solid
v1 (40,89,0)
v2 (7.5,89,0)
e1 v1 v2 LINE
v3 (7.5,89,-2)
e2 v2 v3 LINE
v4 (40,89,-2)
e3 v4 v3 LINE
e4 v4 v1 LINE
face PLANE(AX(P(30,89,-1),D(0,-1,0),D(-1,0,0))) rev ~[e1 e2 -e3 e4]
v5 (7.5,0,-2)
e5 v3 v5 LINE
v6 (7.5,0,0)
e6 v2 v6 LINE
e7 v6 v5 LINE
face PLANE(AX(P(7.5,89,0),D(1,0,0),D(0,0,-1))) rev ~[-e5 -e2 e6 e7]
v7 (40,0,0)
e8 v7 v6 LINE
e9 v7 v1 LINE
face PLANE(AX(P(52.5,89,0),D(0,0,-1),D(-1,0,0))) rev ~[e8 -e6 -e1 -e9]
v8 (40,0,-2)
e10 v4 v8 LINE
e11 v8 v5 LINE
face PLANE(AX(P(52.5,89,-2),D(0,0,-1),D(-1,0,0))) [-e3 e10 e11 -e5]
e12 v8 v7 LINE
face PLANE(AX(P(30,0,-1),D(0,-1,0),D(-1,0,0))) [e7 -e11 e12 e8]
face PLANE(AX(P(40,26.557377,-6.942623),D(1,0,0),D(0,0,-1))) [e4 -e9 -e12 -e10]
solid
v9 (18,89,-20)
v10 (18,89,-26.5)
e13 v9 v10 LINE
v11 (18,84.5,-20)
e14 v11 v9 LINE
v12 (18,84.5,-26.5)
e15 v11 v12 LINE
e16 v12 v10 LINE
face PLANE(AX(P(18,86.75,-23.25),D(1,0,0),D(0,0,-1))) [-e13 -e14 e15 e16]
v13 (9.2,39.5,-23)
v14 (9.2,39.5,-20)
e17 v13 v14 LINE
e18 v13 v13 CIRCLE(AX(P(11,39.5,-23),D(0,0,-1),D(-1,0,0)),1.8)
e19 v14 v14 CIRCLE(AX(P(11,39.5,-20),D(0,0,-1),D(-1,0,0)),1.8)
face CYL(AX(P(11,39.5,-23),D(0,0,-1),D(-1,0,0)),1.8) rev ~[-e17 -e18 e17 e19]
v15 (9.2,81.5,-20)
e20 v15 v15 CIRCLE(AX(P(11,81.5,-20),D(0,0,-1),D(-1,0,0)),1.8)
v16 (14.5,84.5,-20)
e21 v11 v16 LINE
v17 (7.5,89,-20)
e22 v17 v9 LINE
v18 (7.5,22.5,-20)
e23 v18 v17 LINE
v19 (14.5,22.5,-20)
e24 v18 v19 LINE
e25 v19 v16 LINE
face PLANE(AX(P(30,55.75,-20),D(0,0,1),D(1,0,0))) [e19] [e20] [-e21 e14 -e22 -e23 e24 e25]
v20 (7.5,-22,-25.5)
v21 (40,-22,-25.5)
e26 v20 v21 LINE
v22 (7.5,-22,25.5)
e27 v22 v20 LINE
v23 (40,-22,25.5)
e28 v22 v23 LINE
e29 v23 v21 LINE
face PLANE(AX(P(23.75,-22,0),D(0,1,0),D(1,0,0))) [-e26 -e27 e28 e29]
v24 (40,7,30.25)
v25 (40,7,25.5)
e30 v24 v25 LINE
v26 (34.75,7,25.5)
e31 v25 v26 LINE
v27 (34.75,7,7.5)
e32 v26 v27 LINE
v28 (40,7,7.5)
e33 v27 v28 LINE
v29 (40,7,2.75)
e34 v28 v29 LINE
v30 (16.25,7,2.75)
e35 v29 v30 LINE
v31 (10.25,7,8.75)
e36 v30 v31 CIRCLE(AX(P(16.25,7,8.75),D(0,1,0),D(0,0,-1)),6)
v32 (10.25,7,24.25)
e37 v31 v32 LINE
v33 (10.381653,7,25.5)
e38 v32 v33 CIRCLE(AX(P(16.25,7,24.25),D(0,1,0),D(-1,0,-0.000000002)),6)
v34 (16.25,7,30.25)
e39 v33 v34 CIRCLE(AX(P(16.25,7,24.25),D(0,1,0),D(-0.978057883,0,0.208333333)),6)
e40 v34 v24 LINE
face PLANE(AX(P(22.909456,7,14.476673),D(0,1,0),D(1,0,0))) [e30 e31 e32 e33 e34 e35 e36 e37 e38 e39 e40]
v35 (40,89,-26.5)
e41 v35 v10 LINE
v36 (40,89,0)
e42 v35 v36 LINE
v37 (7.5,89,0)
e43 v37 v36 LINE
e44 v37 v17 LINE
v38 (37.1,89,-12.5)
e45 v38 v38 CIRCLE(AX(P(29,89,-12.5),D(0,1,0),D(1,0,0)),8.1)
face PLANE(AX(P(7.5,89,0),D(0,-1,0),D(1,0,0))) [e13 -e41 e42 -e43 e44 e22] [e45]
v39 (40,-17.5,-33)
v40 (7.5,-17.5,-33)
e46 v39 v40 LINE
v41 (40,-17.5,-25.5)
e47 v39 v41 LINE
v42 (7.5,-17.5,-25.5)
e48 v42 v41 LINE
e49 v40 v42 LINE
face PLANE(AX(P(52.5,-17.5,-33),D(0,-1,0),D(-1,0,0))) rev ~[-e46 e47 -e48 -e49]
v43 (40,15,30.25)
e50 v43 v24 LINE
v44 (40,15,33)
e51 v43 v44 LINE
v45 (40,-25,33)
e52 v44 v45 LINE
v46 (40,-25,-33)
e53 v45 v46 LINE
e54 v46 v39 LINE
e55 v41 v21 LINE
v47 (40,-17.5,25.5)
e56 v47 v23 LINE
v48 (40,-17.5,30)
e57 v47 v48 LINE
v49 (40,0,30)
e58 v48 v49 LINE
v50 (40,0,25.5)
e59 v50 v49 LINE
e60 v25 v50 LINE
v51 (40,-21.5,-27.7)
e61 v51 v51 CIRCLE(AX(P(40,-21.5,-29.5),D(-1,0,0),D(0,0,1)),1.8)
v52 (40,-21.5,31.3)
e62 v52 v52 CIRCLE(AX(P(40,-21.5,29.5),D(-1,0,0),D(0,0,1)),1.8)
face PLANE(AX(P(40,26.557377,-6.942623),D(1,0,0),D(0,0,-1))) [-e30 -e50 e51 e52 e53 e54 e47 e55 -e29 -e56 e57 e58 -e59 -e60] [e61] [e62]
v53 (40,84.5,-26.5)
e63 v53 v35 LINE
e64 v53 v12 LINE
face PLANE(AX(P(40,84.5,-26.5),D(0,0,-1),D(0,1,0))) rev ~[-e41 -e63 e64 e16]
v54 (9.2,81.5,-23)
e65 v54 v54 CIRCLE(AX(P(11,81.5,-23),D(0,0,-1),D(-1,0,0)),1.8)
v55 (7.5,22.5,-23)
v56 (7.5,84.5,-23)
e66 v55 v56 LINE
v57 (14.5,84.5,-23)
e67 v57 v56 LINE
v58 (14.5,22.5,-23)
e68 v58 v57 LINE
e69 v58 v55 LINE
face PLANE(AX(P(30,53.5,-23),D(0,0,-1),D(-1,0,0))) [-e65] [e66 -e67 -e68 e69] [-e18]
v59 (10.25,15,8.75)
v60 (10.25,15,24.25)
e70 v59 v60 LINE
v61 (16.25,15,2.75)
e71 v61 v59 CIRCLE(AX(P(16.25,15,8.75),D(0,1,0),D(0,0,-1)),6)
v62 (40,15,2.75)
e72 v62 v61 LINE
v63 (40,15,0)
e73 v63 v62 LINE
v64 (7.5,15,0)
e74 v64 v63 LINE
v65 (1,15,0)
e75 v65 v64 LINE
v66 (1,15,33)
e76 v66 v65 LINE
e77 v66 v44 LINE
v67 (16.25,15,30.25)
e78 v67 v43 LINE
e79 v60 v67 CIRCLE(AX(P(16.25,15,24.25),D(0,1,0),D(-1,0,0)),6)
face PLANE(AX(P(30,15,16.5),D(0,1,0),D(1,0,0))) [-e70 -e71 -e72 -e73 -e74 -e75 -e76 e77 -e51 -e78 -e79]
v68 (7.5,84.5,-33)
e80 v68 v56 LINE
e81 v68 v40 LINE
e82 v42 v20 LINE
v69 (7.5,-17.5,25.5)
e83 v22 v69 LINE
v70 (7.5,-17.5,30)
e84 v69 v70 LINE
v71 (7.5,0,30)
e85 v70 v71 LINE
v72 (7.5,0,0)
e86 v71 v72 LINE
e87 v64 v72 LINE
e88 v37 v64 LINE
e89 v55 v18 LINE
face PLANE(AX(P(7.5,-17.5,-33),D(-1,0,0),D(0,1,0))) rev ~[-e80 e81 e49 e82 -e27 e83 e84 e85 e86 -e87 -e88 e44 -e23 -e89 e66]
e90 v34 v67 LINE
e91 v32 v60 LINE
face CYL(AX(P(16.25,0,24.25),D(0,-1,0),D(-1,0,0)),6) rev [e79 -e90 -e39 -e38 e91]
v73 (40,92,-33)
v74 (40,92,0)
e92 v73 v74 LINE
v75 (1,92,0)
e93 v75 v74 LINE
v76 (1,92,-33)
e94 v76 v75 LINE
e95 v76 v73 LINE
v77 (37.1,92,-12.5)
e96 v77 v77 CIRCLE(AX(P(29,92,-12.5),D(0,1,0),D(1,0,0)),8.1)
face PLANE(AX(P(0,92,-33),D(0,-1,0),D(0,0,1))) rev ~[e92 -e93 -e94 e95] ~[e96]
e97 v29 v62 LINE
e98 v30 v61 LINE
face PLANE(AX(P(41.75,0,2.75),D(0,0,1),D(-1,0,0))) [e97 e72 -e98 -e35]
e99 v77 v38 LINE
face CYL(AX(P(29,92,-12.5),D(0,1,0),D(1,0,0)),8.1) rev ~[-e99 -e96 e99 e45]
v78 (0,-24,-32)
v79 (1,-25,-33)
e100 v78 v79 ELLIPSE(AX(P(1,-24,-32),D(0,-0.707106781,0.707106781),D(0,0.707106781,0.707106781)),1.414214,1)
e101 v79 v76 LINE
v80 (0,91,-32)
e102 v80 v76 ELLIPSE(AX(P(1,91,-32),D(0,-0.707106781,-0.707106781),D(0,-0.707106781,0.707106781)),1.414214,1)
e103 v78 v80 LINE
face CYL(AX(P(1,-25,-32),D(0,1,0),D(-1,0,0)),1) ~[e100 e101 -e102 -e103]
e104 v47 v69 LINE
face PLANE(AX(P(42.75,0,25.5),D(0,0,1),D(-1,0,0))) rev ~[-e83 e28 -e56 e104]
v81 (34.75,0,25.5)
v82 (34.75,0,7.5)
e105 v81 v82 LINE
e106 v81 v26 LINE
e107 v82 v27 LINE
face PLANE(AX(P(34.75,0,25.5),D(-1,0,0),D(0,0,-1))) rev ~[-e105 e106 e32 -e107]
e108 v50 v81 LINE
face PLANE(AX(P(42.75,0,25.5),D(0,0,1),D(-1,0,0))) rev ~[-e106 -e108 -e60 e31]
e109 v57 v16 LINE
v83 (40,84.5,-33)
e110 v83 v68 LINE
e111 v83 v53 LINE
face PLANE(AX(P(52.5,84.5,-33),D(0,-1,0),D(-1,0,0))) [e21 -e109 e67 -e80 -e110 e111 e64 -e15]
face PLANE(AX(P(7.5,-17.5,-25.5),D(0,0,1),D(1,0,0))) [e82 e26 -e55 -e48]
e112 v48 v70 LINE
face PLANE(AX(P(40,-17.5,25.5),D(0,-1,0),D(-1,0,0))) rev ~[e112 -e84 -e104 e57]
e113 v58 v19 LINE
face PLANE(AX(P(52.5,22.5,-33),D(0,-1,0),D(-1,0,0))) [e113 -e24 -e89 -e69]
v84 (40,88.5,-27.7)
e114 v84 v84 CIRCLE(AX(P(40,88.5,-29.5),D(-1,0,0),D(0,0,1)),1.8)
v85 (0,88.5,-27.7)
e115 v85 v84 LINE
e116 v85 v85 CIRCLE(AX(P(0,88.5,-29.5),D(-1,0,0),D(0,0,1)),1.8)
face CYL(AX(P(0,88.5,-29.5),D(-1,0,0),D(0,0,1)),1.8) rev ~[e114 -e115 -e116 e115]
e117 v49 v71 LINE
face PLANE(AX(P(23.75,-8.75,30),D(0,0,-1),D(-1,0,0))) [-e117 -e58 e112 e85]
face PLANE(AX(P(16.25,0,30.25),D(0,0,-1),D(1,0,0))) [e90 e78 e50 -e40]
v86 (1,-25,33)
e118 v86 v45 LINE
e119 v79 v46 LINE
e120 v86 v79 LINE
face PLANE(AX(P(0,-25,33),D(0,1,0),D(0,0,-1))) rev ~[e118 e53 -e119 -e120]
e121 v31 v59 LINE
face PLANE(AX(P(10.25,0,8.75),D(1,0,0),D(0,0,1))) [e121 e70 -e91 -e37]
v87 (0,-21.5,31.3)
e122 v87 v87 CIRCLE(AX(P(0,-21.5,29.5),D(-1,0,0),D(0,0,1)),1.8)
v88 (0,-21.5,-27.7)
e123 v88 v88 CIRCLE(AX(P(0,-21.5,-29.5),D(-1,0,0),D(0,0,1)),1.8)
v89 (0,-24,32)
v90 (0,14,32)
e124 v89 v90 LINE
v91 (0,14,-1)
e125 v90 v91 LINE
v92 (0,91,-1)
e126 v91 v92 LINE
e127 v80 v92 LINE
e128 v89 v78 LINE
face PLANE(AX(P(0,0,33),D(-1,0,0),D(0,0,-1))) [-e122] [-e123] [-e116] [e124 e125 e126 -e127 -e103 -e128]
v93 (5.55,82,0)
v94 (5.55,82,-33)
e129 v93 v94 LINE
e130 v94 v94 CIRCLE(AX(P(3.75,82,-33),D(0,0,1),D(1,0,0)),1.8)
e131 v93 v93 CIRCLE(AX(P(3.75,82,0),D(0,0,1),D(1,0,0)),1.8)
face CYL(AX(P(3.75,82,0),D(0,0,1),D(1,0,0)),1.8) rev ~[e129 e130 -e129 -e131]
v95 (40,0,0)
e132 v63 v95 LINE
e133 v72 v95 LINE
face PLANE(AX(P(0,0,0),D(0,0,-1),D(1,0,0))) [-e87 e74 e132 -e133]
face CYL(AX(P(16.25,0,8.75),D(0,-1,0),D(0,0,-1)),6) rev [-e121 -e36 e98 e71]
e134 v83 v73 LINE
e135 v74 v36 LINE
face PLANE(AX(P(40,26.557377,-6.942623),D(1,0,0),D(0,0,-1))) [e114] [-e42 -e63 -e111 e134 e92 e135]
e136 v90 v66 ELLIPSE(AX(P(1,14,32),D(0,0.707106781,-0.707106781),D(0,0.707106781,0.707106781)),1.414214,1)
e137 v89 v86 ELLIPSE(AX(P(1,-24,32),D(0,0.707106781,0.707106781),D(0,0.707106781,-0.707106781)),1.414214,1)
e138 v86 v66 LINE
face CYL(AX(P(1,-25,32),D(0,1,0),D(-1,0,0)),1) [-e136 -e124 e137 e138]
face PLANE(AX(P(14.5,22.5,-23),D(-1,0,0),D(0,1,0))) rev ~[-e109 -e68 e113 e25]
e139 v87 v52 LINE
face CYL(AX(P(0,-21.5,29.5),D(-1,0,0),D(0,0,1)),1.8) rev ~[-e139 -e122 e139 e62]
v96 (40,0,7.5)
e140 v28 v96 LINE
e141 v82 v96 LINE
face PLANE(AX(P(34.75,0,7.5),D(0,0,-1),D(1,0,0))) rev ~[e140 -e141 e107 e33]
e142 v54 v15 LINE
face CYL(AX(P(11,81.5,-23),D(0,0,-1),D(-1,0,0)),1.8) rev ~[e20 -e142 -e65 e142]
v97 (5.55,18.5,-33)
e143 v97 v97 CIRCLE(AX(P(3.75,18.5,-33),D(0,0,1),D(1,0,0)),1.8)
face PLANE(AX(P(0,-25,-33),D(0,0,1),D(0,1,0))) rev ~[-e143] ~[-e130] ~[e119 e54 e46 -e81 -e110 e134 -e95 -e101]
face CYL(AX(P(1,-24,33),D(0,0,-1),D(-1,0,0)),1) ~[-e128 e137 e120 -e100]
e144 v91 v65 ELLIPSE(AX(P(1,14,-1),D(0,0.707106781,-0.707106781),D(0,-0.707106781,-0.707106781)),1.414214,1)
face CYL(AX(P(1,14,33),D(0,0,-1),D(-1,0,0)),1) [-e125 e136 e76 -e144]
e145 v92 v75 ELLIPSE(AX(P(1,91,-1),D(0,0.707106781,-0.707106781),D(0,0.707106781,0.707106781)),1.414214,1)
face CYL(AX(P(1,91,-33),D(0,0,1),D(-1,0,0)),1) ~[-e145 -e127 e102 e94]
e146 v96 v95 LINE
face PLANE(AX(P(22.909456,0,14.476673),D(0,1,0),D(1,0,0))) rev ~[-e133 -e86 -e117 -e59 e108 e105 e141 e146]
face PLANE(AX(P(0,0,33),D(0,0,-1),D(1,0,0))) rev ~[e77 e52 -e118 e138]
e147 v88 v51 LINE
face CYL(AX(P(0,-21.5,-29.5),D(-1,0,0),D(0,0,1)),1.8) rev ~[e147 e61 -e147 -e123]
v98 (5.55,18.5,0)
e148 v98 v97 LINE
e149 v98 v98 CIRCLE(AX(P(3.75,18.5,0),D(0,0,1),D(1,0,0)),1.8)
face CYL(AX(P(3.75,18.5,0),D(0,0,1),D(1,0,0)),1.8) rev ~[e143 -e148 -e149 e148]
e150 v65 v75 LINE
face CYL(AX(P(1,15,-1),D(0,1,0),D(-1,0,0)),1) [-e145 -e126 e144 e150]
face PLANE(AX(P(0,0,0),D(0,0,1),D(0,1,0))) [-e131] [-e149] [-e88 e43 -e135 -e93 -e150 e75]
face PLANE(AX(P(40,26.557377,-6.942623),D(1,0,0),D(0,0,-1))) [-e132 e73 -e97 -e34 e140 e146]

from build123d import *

# Parameters (mm, degrees)
SKETCH_1_W               = 33
SKETCH_1_H               = 25
SKETCH_1_W_2             = 23
SKETCH_1_H_2             = 117
SKETCH_1_W_3             = 10
EXTRUDE_1_DEPTH          = 60
SKETCH_2_W               = 45
SKETCH_2_H               = 62
CUT_EXTRUDE_1_DEPTH      = 10
SKETCH_3_R               = 8.1
CUT_EXTRUDE_2_DEPTH      = 10
SKETCH_4_W               = 45
SKETCH_4_H               = 40
CUT_EXTRUDE_3_DEPTH      = 58.5
SKETCH_5_W               = 60
SKETCH_5_H               = 33
EXTRUDE_2_DEPTH          = 15
EXTRUDE_3_DEPTH          = 7
SKETCH_7_W               = 45
SKETCH_7_H               = 66.5
CUT_EXTRUDE_4_DEPTH      = 20
SKETCH_8_W               = 45
SKETCH_8_H               = 2
EXTRUDE_4_DEPTH          = 89
SKETCH_9_R               = 1.8
CUT_EXTRUDE_5_DEPTH      = 61
SKETCH_10_R              = 1.8
CUT_EXTRUDE_6_DEPTH      = 34
CUT_EXTRUDE_6_DEPTH_BACK = 34
SKETCH_12_R              = 1.8
CUT_EXTRUDE_7_DEPTH      = 3
CUT_EXTRUDE_9_DEPTH      = 20
SKETCH_17_W              = 32.5
SKETCH_17_H              = 51
CUT_EXTRUDE_11_DEPTH     = 4.5
SKETCH_18_W              = 32.5
SKETCH_18_H              = 17.5
CUT_EXTRUDE_12_DEPTH     = 4.5
SKETCH_19_W              = 25.5
SKETCH_19_H              = 62
CUT_EXTRUDE_13_DEPTH     = 3
SKETCH_20_W              = 6.5
SKETCH_20_H              = 4.5
CUT_EXTRUDE_14_DEPTH     = 22
FILLET_1_R               = 1


with BuildPart() as part:
    # ｽｹｯﾁ1 → ﾎﾞｽ - 押し出し1 (new body)
    with BuildSketch(Plane(origin=(0, 0, 0), x_dir=(0, 0, -1), z_dir=(1, 0, 0))):
        with Locations((-16.5, -12.5)):
            Rectangle(SKETCH_1_W, SKETCH_1_H)
        with Locations((11.5, 33.5)):
            Rectangle(SKETCH_1_W_2, SKETCH_1_H_2)
        with Locations((28, 33.5)):
            Rectangle(SKETCH_1_W_3, SKETCH_1_H_2)
    extrude(amount=EXTRUDE_1_DEPTH)

    # ｽｹｯﾁ2 → ｶｯﾄ - 押し出し1 (cut)
    with BuildSketch(Plane(origin=(0, 0, -33), x_dir=(-1, 0, 0), z_dir=(0, 0, -1))):
        with Locations((-30, 53.5)):
            Rectangle(SKETCH_2_W, SKETCH_2_H)
    extrude(amount=-CUT_EXTRUDE_1_DEPTH, mode=Mode.SUBTRACT)

    # ｽｹｯﾁ3 → ｶｯﾄ - 押し出し2 (cut)
    with BuildSketch(Plane(origin=(0, 92, 0), x_dir=(1, 0, 0), z_dir=(0, 1, 0))):
        with Locations((29, 12.5)):
            Circle(SKETCH_3_R)
    extrude(amount=-CUT_EXTRUDE_2_DEPTH, mode=Mode.SUBTRACT)

    # ｽｹｯﾁ4 → ｶｯﾄ - 押し出し3 (cut)
    with BuildSketch(Plane(origin=(0, 0, -33), x_dir=(-1, 0, 0), z_dir=(0, 0, -1))):
        with Locations((-30, 2.5)):
            Rectangle(SKETCH_4_W, SKETCH_4_H)
    extrude(amount=-CUT_EXTRUDE_3_DEPTH, mode=Mode.SUBTRACT)

    # ｽｹｯﾁ5 → ﾎﾞｽ - 押し出し2 (add)
    with BuildSketch(Plane(origin=(0, 0, 0), x_dir=(1, 0, 0), z_dir=(0, 1, 0))):
        with Locations((30, -16.5)):
            Rectangle(SKETCH_5_W, SKETCH_5_H)
        with BuildLine():
            Line((41.75, -2.75), (16.25, -2.75))
            ThreePointArc((16.25, -2.75), (12.007359313, -4.507359313), (10.25, -8.75))
            Line((10.25, -8.75), (10.25, -24.25))
            ThreePointArc((10.25, -24.25), (12.007359313, -28.492640687), (16.25, -30.25))
            Line((16.25, -30.25), (41.75, -30.25))
            ThreePointArc((41.75, -30.25), (45.992640687, -28.492640687), (47.75, -24.25))
            Line((47.75, -24.25), (47.75, -8.75))
            ThreePointArc((47.75, -8.75), (45.992640687, -4.507359313), (41.75, -2.75))
        make_face(mode=Mode.SUBTRACT)
    extrude(amount=EXTRUDE_2_DEPTH)

    # ｽｹｯﾁ6 → ﾎﾞｽ - 押し出し3 (add)
    with BuildSketch(Plane(origin=(0, 0, 0), x_dir=(1, 0, 0), z_dir=(0, 1, 0))):
        with BuildLine():
            Line((10.381652703, -25.5), (34.75, -25.5))
            Line((34.75, -25.5), (34.75, -7.5))
            Line((34.75, -7.5), (34.75, -2.75))
            Line((34.75, -2.75), (16.25, -2.75))
            ThreePointArc((16.25, -2.75), (12.007359313, -4.507359313), (10.25, -8.75))
            Line((10.25, -8.75), (10.25, -24.25))
            ThreePointArc((10.25, -24.25), (10.283003947, -24.878456927), (10.381652703, -25.5))
        make_face()
        with BuildLine():
            Line((16.25, -30.25), (34.75, -30.25))
            Line((34.75, -30.25), (34.75, -25.5))
            Line((34.75, -25.5), (10.381652703, -25.5))
            ThreePointArc((10.381652703, -25.5), (12.475082782, -28.913689527), (16.25, -30.25))
        make_face()
        with BuildLine():
            Line((34.75, -25.5), (34.75, -30.25))
            Line((34.75, -30.25), (41.75, -30.25))
            ThreePointArc((41.75, -30.25), (42.251757562, -30.228983137), (42.75, -30.166079783))
            Line((42.75, -30.166079783), (42.75, -25.5))
            Line((42.75, -25.5), (34.75, -25.5))
        make_face()
        with BuildLine():
            Line((42.75, -7.5), (42.75, -25.5))
            Line((42.75, -25.5), (47.618347297, -25.5))
            ThreePointArc((47.618347297, -25.5), (47.716996053, -24.878456927), (47.75, -24.25))
            Line((47.75, -24.25), (47.75, -8.75))
            ThreePointArc((47.75, -8.75), (46.332575695, -4.877016654), (42.75, -2.833920217))
            Line((42.75, -2.833920217), (42.75, -7.5))
        make_face()
        with BuildLine():
            Line((47.618347297, -25.5), (42.75, -25.5))
            Line((42.75, -25.5), (42.75, -30.166079783))
            ThreePointArc((42.75, -30.166079783), (45.901701312, -28.581671296), (47.618347297, -25.5))
        make_face()
        with BuildLine():
            Line((34.75, -2.75), (34.75, -7.5))
            Line((34.75, -7.5), (42.75, -7.5))
            Line((42.75, -7.5), (42.75, -2.833920217))
            ThreePointArc((42.75, -2.833920217), (42.251757562, -2.771016863), (41.75, -2.75))
            Line((41.75, -2.75), (34.75, -2.75))
        make_face()
    extrude(amount=EXTRUDE_3_DEPTH)

    # ｽｹｯﾁ7 → ｶｯﾄ - 押し出し4 (cut)
    with BuildSketch(Plane.XY):
        with Locations((30, 55.75)):
            Rectangle(SKETCH_7_W, SKETCH_7_H)
    extrude(amount=-CUT_EXTRUDE_4_DEPTH, mode=Mode.SUBTRACT)

    # ｽｹｯﾁ9 → ｶｯﾄ - 押し出し5 (cut, through all)
    with BuildSketch(Plane.ZY):
        with Locations((-29.5, 88.5)):
            Circle(SKETCH_9_R)
        with Locations((-29.5, -21.5)):
            Circle(SKETCH_9_R)
        with Locations((29.5, -21.5)):
            Circle(SKETCH_9_R)
    extrude(amount=-CUT_EXTRUDE_5_DEPTH, mode=Mode.SUBTRACT)

    # ｽｹｯﾁ10 → ｶｯﾄ - 押し出し6 (cut, two sides)
    with BuildSketch(Plane.XY) as cut_extrude_6_sk:
        with Locations((3.75, 82)):
            Circle(SKETCH_10_R)
        with Locations((56.25, 82)):
            Circle(SKETCH_10_R)
        with Locations((56.25, 18.5)):
            Circle(SKETCH_10_R)
        with Locations((3.75, 18.5)):
            Circle(SKETCH_10_R)
    extrude(amount=CUT_EXTRUDE_6_DEPTH, mode=Mode.SUBTRACT)
    extrude(cut_extrude_6_sk.sketch, amount=-CUT_EXTRUDE_6_DEPTH_BACK, mode=Mode.SUBTRACT)

    # ｽｹｯﾁ12 → ｶｯﾄ - 押し出し7 (cut)
    with BuildSketch(Plane(origin=(0, 0, -23), x_dir=(-1, 0, 0), z_dir=(0, 0, -1))):
        with Locations((-49, 81.5)):
            Circle(SKETCH_12_R)
        with Locations((-11, 81.5)):
            Circle(SKETCH_12_R)
        with Locations((-11, 39.5)):
            Circle(SKETCH_12_R)
        with Locations((-49, 39.5)):
            Circle(SKETCH_12_R)
    extrude(amount=-CUT_EXTRUDE_7_DEPTH, mode=Mode.SUBTRACT)


with BuildPart() as body_2:
    # ｽｹｯﾁ8 → ﾎﾞｽ - 押し出し4 (new body)
    with BuildSketch(Plane(origin=(0, 89, 0), x_dir=(-1, 0, 0), z_dir=(0, -1, 0))):
        with Locations((-30, 1)):
            Rectangle(SKETCH_8_W, SKETCH_8_H)
    extrude(amount=EXTRUDE_4_DEPTH)


with BuildPart() as cut_extrude_9_tool:
    # ｽｹｯﾁ15 → ｶｯﾄ - 押し出し9 (new body)
    with BuildSketch(Plane(origin=(60, 0, 0), x_dir=(0, 0, -1), z_dir=(1, 0, 0))):
        Polygon((-33, 15), (-33, -25), (33, -25), (33, 92), (0, 92), (0, 15), align=None)
    extrude(amount=-CUT_EXTRUDE_9_DEPTH)


with BuildPart() as part_1:
    add(part.part)

    # ｶｯﾄ - 押し出し9: cut by cut_extrude_9_tool
    add(cut_extrude_9_tool.part, mode=Mode.SUBTRACT)

    # ｽｹｯﾁ17 → ｶｯﾄ - 押し出し11 (cut)
    with BuildSketch(Plane(origin=(0, -17.5, 0), x_dir=(1, 0, 0), z_dir=(0, 1, 0))):
        with Locations((23.75, 0)):
            Rectangle(SKETCH_17_W, SKETCH_17_H)
    extrude(amount=-CUT_EXTRUDE_11_DEPTH, mode=Mode.SUBTRACT)

    # ｽｹｯﾁ18 → ｶｯﾄ - 押し出し12 (cut)
    with BuildSketch(Plane(origin=(0, 0, 25.5), x_dir=(-1, 0, 0), z_dir=(0, 0, -1))):
        with Locations((-23.75, -8.75)):
            Rectangle(SKETCH_18_W, SKETCH_18_H)
    extrude(amount=-CUT_EXTRUDE_12_DEPTH, mode=Mode.SUBTRACT)

    # ｽｹｯﾁ19 → ｶｯﾄ - 押し出し13 (cut)
    with BuildSketch(Plane(origin=(0, 0, -23), x_dir=(-1, 0, 0), z_dir=(0, 0, -1))):
        with Locations((-27.25, 53.5)):
            Rectangle(SKETCH_19_W, SKETCH_19_H)
    extrude(amount=-CUT_EXTRUDE_13_DEPTH, mode=Mode.SUBTRACT)

    # ｽｹｯﾁ20 → ｶｯﾄ - 押し出し14 (cut)
    with BuildSketch(Plane(origin=(40, 0, 0), x_dir=(0, 0, -1), z_dir=(1, 0, 0))):
        with Locations((23.25, 86.75)):
            Rectangle(SKETCH_20_W, SKETCH_20_H)
    extrude(amount=-CUT_EXTRUDE_14_DEPTH, mode=Mode.SUBTRACT)

    # ﾌｨﾚｯﾄ1
    fillet_1_edges = [part_1.edges().sort_by_distance(p)[0] for p in [
        (0, -5, 33),
        (0, 15, 16.5),
        (0, 53.5, 0),
        (0, 92, -16.5),
        (0, 33.5, -33),
        (0, -25, 0),
    ]]
    fillet(fillet_1_edges, radius=FILLET_1_R)


with BuildPart() as body_2_1:
    add(body_2.part)

    # ｶｯﾄ - 押し出し9: cut by cut_extrude_9_tool
    add(cut_extrude_9_tool.part, mode=Mode.SUBTRACT)


solid = Compound([part_1.part, body_2_1.part])
